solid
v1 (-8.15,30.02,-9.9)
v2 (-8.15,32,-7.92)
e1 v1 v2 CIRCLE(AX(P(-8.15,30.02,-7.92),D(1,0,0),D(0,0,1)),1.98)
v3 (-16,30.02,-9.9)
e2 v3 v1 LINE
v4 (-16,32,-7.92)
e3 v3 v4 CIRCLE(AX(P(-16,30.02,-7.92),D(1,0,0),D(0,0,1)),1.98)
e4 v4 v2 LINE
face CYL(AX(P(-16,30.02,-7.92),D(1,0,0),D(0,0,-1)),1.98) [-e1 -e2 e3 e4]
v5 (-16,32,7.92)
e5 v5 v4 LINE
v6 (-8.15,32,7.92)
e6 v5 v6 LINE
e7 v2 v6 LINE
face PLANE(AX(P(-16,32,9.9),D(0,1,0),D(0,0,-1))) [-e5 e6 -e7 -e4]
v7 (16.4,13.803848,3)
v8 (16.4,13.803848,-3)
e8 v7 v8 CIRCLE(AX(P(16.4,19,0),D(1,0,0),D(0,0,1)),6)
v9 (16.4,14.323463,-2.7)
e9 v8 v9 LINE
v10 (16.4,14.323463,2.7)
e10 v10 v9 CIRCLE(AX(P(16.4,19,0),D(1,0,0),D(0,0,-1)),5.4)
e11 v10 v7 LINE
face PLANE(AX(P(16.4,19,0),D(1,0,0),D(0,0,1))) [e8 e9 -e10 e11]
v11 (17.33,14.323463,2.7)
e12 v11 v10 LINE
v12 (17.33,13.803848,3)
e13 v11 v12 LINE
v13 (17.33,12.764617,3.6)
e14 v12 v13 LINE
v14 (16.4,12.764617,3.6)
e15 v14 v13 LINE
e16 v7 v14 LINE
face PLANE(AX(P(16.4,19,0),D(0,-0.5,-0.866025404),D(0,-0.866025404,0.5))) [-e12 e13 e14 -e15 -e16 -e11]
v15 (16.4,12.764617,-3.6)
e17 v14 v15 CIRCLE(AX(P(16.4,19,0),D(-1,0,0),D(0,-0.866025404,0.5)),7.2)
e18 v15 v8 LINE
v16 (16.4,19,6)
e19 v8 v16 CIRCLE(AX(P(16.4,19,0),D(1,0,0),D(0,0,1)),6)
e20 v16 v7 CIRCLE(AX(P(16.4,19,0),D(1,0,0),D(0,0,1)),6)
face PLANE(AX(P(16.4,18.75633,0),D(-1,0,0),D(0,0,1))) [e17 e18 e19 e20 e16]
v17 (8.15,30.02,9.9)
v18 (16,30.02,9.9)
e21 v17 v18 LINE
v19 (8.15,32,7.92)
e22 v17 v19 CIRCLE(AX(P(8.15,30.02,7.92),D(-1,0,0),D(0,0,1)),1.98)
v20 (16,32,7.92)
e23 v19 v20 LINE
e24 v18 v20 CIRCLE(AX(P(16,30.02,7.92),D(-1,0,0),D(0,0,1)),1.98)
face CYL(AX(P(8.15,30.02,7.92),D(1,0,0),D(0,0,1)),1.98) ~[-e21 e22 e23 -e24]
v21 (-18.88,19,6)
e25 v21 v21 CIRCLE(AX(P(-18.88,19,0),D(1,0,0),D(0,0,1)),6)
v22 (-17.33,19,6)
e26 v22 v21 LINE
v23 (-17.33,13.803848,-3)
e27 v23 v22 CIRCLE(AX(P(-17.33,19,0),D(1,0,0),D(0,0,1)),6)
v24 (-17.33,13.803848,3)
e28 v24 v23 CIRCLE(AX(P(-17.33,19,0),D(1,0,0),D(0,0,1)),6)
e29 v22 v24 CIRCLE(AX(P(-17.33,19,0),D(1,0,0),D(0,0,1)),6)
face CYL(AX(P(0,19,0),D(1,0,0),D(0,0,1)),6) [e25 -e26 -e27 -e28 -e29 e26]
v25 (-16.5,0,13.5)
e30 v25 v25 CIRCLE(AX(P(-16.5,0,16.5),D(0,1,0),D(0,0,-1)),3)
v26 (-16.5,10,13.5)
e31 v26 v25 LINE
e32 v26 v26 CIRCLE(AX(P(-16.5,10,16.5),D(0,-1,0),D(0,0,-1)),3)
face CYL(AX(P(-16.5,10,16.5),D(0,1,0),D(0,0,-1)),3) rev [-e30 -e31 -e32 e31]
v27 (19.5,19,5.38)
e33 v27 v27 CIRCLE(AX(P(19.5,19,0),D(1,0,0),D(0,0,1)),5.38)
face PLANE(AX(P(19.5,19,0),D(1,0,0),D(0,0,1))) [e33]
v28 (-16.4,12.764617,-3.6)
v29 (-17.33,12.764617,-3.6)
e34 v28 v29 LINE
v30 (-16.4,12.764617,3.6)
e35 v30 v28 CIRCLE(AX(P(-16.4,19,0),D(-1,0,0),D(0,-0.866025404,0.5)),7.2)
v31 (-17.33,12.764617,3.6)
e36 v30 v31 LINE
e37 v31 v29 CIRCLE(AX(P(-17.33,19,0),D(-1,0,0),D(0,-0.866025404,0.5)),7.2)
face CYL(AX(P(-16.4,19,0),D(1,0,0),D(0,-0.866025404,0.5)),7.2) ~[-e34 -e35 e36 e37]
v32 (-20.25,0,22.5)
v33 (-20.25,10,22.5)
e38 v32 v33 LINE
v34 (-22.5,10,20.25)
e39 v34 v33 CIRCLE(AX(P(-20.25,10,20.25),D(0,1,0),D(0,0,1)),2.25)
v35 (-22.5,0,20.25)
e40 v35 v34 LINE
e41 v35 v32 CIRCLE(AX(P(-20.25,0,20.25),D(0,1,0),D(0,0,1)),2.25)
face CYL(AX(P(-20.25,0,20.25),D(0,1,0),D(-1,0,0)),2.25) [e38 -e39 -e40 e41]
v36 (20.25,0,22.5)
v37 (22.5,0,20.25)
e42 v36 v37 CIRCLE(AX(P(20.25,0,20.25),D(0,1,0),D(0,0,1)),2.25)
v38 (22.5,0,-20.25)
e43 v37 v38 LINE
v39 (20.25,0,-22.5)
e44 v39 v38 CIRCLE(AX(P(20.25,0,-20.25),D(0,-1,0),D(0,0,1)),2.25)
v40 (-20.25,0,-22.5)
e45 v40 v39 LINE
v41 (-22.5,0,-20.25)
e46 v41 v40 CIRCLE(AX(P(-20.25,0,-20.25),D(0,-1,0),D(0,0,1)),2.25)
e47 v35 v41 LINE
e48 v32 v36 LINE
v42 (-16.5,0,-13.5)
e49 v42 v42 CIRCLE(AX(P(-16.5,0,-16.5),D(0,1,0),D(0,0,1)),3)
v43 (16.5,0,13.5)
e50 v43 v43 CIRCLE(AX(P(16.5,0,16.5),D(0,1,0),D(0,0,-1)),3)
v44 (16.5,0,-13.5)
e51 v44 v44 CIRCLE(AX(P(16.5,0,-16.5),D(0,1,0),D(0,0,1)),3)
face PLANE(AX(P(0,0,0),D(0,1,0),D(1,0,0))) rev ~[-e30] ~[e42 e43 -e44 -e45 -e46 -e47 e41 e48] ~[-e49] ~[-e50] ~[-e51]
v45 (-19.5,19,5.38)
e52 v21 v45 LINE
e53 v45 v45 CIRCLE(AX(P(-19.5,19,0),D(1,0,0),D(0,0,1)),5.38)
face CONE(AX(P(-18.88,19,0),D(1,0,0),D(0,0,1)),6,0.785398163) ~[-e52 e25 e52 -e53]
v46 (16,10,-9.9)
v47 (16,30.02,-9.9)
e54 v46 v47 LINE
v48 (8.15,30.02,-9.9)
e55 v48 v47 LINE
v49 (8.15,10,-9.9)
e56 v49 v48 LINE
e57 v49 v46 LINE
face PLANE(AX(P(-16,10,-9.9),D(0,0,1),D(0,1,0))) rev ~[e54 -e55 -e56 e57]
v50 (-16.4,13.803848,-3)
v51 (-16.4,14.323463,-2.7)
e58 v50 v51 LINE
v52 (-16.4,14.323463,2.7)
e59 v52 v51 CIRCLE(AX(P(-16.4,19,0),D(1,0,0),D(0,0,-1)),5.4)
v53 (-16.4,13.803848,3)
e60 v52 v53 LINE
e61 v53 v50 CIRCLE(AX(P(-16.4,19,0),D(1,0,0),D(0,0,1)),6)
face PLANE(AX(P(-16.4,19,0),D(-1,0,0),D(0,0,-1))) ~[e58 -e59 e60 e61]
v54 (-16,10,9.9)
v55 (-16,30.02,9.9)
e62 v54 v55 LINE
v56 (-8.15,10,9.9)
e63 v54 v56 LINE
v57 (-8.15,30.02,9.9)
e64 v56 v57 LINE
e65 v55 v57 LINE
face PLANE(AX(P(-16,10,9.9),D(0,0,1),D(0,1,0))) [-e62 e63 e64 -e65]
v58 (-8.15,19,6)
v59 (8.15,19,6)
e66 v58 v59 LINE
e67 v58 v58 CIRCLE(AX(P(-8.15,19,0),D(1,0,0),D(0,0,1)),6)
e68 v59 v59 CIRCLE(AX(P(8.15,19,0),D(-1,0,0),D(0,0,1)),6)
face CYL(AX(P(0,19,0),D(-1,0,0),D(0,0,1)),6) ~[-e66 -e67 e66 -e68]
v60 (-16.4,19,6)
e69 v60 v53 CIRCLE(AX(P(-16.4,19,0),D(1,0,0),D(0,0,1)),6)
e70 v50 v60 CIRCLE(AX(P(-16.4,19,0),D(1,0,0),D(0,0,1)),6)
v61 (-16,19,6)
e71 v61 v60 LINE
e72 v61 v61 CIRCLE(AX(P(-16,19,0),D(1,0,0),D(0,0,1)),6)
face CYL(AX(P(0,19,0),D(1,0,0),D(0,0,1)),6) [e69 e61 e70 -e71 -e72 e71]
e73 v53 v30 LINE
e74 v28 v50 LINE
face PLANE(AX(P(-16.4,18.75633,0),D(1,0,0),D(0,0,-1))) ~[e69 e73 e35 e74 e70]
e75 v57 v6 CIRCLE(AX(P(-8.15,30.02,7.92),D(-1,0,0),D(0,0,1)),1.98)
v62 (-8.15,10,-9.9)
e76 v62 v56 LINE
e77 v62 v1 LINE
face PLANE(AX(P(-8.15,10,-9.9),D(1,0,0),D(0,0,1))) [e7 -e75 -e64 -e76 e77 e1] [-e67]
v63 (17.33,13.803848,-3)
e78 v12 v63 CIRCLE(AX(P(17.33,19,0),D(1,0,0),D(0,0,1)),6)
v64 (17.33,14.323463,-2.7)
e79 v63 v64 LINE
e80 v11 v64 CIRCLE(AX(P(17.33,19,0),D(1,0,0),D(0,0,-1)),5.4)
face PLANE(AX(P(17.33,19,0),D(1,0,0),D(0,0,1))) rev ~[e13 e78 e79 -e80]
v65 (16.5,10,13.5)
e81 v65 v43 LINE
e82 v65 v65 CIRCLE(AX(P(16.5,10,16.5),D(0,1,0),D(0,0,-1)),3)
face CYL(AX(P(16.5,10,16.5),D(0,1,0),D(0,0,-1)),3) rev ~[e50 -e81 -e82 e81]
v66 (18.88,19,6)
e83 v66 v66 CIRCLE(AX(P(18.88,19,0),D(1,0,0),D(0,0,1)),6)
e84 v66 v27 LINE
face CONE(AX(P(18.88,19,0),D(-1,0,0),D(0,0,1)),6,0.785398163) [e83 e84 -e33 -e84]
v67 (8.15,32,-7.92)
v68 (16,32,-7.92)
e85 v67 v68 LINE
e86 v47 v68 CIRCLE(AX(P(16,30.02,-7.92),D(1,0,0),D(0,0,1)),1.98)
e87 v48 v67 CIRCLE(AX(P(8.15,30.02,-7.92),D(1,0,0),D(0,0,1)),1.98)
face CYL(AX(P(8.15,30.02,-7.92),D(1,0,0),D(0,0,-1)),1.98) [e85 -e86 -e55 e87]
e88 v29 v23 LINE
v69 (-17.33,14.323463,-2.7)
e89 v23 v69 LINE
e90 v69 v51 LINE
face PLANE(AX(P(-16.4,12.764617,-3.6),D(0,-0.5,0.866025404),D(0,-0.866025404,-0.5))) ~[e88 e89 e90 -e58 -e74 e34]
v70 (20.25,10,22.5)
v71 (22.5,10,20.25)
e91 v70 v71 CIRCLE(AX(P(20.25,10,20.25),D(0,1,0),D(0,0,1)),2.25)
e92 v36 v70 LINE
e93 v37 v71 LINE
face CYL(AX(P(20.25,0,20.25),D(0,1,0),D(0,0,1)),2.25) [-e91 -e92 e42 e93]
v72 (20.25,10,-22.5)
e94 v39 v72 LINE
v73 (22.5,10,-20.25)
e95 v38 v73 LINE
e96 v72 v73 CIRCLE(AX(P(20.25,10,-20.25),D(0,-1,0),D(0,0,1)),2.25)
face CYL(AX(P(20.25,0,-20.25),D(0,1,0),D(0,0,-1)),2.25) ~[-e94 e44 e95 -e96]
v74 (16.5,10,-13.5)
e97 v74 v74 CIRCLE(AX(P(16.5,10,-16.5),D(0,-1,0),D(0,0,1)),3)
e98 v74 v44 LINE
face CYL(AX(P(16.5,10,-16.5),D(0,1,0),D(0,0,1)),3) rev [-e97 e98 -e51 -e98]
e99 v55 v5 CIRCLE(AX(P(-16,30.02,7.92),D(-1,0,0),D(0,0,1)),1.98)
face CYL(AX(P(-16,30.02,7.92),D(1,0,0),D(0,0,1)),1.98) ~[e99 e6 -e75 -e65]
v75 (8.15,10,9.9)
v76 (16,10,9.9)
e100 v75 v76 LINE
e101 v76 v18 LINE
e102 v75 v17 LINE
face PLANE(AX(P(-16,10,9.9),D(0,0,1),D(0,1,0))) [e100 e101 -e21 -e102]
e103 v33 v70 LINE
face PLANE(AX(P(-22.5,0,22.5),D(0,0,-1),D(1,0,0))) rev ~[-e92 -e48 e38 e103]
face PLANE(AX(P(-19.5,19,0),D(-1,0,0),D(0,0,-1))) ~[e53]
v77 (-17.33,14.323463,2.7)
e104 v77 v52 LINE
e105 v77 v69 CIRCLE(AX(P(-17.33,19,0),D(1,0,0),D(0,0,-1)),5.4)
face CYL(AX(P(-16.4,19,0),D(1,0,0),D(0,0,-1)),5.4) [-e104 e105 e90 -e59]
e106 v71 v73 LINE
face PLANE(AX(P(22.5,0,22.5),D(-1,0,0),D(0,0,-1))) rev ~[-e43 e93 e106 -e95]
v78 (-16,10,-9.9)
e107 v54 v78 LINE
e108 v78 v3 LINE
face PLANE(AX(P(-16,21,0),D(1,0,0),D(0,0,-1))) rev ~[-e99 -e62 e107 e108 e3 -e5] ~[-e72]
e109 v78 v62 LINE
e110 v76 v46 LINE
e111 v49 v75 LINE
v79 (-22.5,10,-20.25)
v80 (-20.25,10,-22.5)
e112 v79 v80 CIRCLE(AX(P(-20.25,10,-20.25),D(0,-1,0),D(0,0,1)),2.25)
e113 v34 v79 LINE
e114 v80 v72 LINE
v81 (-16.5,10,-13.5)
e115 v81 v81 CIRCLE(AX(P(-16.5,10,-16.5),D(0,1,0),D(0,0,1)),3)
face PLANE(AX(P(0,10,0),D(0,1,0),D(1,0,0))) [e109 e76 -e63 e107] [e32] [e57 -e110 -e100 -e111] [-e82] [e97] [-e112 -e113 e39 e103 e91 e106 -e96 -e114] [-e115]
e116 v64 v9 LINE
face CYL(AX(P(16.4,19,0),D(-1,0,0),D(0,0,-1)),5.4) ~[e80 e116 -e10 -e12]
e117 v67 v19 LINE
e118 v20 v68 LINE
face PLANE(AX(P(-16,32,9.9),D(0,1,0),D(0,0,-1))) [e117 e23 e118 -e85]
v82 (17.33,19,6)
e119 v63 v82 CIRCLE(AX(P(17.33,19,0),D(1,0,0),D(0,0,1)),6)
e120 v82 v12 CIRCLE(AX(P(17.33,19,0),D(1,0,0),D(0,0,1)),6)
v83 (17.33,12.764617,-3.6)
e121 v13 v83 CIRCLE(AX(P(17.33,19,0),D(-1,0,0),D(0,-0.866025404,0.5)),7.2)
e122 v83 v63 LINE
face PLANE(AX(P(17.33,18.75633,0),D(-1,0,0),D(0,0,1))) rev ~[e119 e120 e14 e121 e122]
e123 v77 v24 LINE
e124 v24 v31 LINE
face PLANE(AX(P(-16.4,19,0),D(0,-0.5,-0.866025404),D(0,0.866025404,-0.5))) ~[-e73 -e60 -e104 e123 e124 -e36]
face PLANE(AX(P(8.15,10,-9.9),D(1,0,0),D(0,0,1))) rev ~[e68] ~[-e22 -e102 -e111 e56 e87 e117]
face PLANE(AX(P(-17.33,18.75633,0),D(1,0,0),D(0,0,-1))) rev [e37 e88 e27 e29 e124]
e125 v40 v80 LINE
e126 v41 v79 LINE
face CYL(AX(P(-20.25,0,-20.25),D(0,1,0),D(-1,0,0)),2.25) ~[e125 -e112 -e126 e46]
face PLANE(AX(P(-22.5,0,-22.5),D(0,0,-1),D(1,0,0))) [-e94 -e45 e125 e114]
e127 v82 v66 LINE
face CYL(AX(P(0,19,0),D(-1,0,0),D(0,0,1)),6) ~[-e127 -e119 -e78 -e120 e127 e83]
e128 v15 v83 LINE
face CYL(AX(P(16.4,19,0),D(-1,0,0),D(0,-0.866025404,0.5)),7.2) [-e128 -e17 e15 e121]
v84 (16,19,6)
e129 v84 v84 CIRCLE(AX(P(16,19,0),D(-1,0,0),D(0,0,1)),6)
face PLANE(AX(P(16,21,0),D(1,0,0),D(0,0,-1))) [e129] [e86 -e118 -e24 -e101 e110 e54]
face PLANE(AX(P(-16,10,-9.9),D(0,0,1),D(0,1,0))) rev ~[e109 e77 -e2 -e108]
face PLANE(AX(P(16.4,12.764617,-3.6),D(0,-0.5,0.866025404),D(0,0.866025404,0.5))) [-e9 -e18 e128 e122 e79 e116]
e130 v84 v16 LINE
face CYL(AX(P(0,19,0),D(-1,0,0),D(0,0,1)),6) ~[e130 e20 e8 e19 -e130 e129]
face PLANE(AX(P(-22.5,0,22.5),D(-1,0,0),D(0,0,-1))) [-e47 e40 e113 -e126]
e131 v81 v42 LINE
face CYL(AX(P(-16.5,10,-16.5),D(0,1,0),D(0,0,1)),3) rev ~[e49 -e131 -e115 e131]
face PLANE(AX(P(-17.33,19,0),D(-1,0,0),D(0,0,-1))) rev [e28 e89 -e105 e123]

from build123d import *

# Parameters (mm, degrees)
SKETCH_3_W               = 45
SKETCH_3_H               = 45
EXTRUDE_1_DEPTH          = 10
EXTRUDE_START            = -38.5
SKETCH_4_W               = 19.8
SKETCH_4_H               = 22
EXTRUDE_2_DEPTH          = 32
SKETCH_5_W               = 16.3
SKETCH_5_H               = 19.8
CUT_EXTRUDE_1_DEPTH      = 22
SKETCH_6_R               = 6
EXTRUDE_3_DEPTH          = 19.5
CUT_EXTRUDE_START        = -3.1
SKETCH_7_R               = 6
SKETCH_7_R_2             = 5.4
CUT_EXTRUDE_3_DEPTH      = 0.93
SKETCH_8_R               = 3
CUT_EXTRUDE_4_DEPTH      = 39.684622268
MIRROR_4_COPY_1_SKETCH_R = 3
MIRROR_4_COPY_1_DEPTH    = 39.684622268
EXTRUDE_4_DEPTH          = 0.93
FILLET_1_R               = 2.25
FILLET_2_R               = 1.98
CHAMFER_1_SIZE           = 0.62


with BuildPart() as part:
    # 草图3 → 凸台-拉伸1 (new body)
    with BuildSketch(Plane(origin=(0, 0, 0), x_dir=(1, 0, 0), z_dir=(0, 1, 0))):
        Rectangle(SKETCH_3_W, SKETCH_3_H)
    extrude(amount=EXTRUDE_1_DEPTH)

    # 草图4 → 凸台-拉伸2 (add)
    with BuildSketch(Plane(origin=(22.5, 0, 0), x_dir=(0, 0, -1), z_dir=(1, 0, 0)).offset(EXTRUDE_START)):
        with Locations((0, 21)):
            Rectangle(SKETCH_4_W, SKETCH_4_H)
    extrude(amount=EXTRUDE_2_DEPTH)

    # 草图5 → 切除-拉伸1 (cut)
    with BuildSketch(Plane(origin=(0, 10, 0), x_dir=(-1, 0, 0), z_dir=(0, 1, 0))):
        Rectangle(SKETCH_5_W, SKETCH_5_H)
    extrude(amount=CUT_EXTRUDE_1_DEPTH, mode=Mode.SUBTRACT)

    # 草图6 → 凸台-拉伸3 (add)
    with BuildSketch(Plane(origin=(0, 0, 0), x_dir=(0, 0, -1), z_dir=(1, 0, 0))):
        with Locations(Location((0, 19, 0), (0, 0, 180))):
            Circle(SKETCH_6_R)
    extrude_3 = extrude(amount=EXTRUDE_3_DEPTH)

    # 镜向1: 凸台-拉伸3 across plane
    add(extrude_3.mirror(Plane(origin=(0, 0, 0), x_dir=(0, 0, 1), z_dir=(1, 0, 0))))

    # 草图7 → 切除-拉伸3 (cut)
    with BuildSketch(Plane(origin=(19.5, 0, 0), x_dir=(0, 0, -1), z_dir=(1, 0, 0)).offset(CUT_EXTRUDE_START)):
        with Locations(Location((0, 19, 0), (0, 0, 180))):
            Circle(SKETCH_7_R)
        with Locations((0, 19)):
            Circle(SKETCH_7_R_2, mode=Mode.SUBTRACT)
    cut_extrude_3 = extrude(amount=CUT_EXTRUDE_3_DEPTH, mode=Mode.SUBTRACT)

    # 镜向2: 切除-拉伸3 across plane
    add(cut_extrude_3.mirror(Plane(origin=(0, 0, 0), x_dir=(0, 0, 1), z_dir=(1, 0, 0))), mode=Mode.SUBTRACT)

    # 草图8 → 切除-拉伸4 (cut, through all)
    with BuildSketch(Plane(origin=(0, 10, 0), x_dir=(1, 0, 0), z_dir=(0, 1, 0))):
        with Locations(Location((-16.5, 16.5, 0), (0, 0, 270))):
            Circle(SKETCH_8_R)
    cut_extrude_4 = extrude(amount=-CUT_EXTRUDE_4_DEPTH, mode=Mode.SUBTRACT)

    # 镜向3: 切除-拉伸4 across plane
    add(cut_extrude_4.mirror(Plane(origin=(0, 0, 0), x_dir=(0, 0, 1), z_dir=(1, 0, 0))), mode=Mode.SUBTRACT)

    # 镜向4: 切除-拉伸4 across plane
    add(cut_extrude_4.mirror(Plane.XY), mode=Mode.SUBTRACT)

    # 镜向4 copy 1 sketch → 镜向4 copy 1 (cut, through all)
    with BuildSketch(Plane(origin=(0, 10, 0), x_dir=(-1, 0, 0), z_dir=(0, 1, 0))):
        with Locations(Location((-16.5, 16.5, 0), (0, 0, 270))):
            Circle(MIRROR_4_COPY_1_SKETCH_R)
    extrude(amount=-MIRROR_4_COPY_1_DEPTH, mode=Mode.SUBTRACT)

    # 草图9 → 凸台-拉伸4 (add)
    with BuildSketch(Plane(origin=(16.4, 0, 0), x_dir=(0, 0, -1), z_dir=(1, 0, 0))):
        with BuildLine():
            Line((0, 19), (-3.6, 12.764617093))
            ThreePointArc((-3.6, 12.764617093), (0, 26.2), (3.6, 12.764617093))
            Line((3.6, 12.764617093), (0, 19))
        make_face()
    extrude_4 = extrude(amount=EXTRUDE_4_DEPTH)

    # 镜向5: 凸台-拉伸4 across plane
    add(extrude_4.mirror(Plane(origin=(0, 0, 0), x_dir=(0, 0, 1), z_dir=(1, 0, 0))))

    # 圆角1
    fillet_1_edges = [part.edges().sort_by_distance(p)[0] for p in [
        (-22.5, 5, 22.5),
        (-22.5, 5, -22.5),
        (22.5, 5, -22.5),
        (22.5, 5, 22.5),
    ]]
    fillet(fillet_1_edges, radius=FILLET_1_R)

    # 圆角2
    fillet_2_edges = [part.edges().sort_by_distance(p)[0] for p in [
        (12.075, 32, -9.9),
        (12.075, 32, 9.9),
        (-12.075, 32, 9.9),
        (-12.075, 32, -9.9),
    ]]
    fillet(fillet_2_edges, radius=FILLET_2_R)

    # 倒角1
    chamfer_1_edges = [part.edges().sort_by_distance(p)[0] for p in [
        (19.5, 19, -6),
        (-19.5, 19, -6),
    ]]
    chamfer(chamfer_1_edges, length=CHAMFER_1_SIZE)


solid = part.part
